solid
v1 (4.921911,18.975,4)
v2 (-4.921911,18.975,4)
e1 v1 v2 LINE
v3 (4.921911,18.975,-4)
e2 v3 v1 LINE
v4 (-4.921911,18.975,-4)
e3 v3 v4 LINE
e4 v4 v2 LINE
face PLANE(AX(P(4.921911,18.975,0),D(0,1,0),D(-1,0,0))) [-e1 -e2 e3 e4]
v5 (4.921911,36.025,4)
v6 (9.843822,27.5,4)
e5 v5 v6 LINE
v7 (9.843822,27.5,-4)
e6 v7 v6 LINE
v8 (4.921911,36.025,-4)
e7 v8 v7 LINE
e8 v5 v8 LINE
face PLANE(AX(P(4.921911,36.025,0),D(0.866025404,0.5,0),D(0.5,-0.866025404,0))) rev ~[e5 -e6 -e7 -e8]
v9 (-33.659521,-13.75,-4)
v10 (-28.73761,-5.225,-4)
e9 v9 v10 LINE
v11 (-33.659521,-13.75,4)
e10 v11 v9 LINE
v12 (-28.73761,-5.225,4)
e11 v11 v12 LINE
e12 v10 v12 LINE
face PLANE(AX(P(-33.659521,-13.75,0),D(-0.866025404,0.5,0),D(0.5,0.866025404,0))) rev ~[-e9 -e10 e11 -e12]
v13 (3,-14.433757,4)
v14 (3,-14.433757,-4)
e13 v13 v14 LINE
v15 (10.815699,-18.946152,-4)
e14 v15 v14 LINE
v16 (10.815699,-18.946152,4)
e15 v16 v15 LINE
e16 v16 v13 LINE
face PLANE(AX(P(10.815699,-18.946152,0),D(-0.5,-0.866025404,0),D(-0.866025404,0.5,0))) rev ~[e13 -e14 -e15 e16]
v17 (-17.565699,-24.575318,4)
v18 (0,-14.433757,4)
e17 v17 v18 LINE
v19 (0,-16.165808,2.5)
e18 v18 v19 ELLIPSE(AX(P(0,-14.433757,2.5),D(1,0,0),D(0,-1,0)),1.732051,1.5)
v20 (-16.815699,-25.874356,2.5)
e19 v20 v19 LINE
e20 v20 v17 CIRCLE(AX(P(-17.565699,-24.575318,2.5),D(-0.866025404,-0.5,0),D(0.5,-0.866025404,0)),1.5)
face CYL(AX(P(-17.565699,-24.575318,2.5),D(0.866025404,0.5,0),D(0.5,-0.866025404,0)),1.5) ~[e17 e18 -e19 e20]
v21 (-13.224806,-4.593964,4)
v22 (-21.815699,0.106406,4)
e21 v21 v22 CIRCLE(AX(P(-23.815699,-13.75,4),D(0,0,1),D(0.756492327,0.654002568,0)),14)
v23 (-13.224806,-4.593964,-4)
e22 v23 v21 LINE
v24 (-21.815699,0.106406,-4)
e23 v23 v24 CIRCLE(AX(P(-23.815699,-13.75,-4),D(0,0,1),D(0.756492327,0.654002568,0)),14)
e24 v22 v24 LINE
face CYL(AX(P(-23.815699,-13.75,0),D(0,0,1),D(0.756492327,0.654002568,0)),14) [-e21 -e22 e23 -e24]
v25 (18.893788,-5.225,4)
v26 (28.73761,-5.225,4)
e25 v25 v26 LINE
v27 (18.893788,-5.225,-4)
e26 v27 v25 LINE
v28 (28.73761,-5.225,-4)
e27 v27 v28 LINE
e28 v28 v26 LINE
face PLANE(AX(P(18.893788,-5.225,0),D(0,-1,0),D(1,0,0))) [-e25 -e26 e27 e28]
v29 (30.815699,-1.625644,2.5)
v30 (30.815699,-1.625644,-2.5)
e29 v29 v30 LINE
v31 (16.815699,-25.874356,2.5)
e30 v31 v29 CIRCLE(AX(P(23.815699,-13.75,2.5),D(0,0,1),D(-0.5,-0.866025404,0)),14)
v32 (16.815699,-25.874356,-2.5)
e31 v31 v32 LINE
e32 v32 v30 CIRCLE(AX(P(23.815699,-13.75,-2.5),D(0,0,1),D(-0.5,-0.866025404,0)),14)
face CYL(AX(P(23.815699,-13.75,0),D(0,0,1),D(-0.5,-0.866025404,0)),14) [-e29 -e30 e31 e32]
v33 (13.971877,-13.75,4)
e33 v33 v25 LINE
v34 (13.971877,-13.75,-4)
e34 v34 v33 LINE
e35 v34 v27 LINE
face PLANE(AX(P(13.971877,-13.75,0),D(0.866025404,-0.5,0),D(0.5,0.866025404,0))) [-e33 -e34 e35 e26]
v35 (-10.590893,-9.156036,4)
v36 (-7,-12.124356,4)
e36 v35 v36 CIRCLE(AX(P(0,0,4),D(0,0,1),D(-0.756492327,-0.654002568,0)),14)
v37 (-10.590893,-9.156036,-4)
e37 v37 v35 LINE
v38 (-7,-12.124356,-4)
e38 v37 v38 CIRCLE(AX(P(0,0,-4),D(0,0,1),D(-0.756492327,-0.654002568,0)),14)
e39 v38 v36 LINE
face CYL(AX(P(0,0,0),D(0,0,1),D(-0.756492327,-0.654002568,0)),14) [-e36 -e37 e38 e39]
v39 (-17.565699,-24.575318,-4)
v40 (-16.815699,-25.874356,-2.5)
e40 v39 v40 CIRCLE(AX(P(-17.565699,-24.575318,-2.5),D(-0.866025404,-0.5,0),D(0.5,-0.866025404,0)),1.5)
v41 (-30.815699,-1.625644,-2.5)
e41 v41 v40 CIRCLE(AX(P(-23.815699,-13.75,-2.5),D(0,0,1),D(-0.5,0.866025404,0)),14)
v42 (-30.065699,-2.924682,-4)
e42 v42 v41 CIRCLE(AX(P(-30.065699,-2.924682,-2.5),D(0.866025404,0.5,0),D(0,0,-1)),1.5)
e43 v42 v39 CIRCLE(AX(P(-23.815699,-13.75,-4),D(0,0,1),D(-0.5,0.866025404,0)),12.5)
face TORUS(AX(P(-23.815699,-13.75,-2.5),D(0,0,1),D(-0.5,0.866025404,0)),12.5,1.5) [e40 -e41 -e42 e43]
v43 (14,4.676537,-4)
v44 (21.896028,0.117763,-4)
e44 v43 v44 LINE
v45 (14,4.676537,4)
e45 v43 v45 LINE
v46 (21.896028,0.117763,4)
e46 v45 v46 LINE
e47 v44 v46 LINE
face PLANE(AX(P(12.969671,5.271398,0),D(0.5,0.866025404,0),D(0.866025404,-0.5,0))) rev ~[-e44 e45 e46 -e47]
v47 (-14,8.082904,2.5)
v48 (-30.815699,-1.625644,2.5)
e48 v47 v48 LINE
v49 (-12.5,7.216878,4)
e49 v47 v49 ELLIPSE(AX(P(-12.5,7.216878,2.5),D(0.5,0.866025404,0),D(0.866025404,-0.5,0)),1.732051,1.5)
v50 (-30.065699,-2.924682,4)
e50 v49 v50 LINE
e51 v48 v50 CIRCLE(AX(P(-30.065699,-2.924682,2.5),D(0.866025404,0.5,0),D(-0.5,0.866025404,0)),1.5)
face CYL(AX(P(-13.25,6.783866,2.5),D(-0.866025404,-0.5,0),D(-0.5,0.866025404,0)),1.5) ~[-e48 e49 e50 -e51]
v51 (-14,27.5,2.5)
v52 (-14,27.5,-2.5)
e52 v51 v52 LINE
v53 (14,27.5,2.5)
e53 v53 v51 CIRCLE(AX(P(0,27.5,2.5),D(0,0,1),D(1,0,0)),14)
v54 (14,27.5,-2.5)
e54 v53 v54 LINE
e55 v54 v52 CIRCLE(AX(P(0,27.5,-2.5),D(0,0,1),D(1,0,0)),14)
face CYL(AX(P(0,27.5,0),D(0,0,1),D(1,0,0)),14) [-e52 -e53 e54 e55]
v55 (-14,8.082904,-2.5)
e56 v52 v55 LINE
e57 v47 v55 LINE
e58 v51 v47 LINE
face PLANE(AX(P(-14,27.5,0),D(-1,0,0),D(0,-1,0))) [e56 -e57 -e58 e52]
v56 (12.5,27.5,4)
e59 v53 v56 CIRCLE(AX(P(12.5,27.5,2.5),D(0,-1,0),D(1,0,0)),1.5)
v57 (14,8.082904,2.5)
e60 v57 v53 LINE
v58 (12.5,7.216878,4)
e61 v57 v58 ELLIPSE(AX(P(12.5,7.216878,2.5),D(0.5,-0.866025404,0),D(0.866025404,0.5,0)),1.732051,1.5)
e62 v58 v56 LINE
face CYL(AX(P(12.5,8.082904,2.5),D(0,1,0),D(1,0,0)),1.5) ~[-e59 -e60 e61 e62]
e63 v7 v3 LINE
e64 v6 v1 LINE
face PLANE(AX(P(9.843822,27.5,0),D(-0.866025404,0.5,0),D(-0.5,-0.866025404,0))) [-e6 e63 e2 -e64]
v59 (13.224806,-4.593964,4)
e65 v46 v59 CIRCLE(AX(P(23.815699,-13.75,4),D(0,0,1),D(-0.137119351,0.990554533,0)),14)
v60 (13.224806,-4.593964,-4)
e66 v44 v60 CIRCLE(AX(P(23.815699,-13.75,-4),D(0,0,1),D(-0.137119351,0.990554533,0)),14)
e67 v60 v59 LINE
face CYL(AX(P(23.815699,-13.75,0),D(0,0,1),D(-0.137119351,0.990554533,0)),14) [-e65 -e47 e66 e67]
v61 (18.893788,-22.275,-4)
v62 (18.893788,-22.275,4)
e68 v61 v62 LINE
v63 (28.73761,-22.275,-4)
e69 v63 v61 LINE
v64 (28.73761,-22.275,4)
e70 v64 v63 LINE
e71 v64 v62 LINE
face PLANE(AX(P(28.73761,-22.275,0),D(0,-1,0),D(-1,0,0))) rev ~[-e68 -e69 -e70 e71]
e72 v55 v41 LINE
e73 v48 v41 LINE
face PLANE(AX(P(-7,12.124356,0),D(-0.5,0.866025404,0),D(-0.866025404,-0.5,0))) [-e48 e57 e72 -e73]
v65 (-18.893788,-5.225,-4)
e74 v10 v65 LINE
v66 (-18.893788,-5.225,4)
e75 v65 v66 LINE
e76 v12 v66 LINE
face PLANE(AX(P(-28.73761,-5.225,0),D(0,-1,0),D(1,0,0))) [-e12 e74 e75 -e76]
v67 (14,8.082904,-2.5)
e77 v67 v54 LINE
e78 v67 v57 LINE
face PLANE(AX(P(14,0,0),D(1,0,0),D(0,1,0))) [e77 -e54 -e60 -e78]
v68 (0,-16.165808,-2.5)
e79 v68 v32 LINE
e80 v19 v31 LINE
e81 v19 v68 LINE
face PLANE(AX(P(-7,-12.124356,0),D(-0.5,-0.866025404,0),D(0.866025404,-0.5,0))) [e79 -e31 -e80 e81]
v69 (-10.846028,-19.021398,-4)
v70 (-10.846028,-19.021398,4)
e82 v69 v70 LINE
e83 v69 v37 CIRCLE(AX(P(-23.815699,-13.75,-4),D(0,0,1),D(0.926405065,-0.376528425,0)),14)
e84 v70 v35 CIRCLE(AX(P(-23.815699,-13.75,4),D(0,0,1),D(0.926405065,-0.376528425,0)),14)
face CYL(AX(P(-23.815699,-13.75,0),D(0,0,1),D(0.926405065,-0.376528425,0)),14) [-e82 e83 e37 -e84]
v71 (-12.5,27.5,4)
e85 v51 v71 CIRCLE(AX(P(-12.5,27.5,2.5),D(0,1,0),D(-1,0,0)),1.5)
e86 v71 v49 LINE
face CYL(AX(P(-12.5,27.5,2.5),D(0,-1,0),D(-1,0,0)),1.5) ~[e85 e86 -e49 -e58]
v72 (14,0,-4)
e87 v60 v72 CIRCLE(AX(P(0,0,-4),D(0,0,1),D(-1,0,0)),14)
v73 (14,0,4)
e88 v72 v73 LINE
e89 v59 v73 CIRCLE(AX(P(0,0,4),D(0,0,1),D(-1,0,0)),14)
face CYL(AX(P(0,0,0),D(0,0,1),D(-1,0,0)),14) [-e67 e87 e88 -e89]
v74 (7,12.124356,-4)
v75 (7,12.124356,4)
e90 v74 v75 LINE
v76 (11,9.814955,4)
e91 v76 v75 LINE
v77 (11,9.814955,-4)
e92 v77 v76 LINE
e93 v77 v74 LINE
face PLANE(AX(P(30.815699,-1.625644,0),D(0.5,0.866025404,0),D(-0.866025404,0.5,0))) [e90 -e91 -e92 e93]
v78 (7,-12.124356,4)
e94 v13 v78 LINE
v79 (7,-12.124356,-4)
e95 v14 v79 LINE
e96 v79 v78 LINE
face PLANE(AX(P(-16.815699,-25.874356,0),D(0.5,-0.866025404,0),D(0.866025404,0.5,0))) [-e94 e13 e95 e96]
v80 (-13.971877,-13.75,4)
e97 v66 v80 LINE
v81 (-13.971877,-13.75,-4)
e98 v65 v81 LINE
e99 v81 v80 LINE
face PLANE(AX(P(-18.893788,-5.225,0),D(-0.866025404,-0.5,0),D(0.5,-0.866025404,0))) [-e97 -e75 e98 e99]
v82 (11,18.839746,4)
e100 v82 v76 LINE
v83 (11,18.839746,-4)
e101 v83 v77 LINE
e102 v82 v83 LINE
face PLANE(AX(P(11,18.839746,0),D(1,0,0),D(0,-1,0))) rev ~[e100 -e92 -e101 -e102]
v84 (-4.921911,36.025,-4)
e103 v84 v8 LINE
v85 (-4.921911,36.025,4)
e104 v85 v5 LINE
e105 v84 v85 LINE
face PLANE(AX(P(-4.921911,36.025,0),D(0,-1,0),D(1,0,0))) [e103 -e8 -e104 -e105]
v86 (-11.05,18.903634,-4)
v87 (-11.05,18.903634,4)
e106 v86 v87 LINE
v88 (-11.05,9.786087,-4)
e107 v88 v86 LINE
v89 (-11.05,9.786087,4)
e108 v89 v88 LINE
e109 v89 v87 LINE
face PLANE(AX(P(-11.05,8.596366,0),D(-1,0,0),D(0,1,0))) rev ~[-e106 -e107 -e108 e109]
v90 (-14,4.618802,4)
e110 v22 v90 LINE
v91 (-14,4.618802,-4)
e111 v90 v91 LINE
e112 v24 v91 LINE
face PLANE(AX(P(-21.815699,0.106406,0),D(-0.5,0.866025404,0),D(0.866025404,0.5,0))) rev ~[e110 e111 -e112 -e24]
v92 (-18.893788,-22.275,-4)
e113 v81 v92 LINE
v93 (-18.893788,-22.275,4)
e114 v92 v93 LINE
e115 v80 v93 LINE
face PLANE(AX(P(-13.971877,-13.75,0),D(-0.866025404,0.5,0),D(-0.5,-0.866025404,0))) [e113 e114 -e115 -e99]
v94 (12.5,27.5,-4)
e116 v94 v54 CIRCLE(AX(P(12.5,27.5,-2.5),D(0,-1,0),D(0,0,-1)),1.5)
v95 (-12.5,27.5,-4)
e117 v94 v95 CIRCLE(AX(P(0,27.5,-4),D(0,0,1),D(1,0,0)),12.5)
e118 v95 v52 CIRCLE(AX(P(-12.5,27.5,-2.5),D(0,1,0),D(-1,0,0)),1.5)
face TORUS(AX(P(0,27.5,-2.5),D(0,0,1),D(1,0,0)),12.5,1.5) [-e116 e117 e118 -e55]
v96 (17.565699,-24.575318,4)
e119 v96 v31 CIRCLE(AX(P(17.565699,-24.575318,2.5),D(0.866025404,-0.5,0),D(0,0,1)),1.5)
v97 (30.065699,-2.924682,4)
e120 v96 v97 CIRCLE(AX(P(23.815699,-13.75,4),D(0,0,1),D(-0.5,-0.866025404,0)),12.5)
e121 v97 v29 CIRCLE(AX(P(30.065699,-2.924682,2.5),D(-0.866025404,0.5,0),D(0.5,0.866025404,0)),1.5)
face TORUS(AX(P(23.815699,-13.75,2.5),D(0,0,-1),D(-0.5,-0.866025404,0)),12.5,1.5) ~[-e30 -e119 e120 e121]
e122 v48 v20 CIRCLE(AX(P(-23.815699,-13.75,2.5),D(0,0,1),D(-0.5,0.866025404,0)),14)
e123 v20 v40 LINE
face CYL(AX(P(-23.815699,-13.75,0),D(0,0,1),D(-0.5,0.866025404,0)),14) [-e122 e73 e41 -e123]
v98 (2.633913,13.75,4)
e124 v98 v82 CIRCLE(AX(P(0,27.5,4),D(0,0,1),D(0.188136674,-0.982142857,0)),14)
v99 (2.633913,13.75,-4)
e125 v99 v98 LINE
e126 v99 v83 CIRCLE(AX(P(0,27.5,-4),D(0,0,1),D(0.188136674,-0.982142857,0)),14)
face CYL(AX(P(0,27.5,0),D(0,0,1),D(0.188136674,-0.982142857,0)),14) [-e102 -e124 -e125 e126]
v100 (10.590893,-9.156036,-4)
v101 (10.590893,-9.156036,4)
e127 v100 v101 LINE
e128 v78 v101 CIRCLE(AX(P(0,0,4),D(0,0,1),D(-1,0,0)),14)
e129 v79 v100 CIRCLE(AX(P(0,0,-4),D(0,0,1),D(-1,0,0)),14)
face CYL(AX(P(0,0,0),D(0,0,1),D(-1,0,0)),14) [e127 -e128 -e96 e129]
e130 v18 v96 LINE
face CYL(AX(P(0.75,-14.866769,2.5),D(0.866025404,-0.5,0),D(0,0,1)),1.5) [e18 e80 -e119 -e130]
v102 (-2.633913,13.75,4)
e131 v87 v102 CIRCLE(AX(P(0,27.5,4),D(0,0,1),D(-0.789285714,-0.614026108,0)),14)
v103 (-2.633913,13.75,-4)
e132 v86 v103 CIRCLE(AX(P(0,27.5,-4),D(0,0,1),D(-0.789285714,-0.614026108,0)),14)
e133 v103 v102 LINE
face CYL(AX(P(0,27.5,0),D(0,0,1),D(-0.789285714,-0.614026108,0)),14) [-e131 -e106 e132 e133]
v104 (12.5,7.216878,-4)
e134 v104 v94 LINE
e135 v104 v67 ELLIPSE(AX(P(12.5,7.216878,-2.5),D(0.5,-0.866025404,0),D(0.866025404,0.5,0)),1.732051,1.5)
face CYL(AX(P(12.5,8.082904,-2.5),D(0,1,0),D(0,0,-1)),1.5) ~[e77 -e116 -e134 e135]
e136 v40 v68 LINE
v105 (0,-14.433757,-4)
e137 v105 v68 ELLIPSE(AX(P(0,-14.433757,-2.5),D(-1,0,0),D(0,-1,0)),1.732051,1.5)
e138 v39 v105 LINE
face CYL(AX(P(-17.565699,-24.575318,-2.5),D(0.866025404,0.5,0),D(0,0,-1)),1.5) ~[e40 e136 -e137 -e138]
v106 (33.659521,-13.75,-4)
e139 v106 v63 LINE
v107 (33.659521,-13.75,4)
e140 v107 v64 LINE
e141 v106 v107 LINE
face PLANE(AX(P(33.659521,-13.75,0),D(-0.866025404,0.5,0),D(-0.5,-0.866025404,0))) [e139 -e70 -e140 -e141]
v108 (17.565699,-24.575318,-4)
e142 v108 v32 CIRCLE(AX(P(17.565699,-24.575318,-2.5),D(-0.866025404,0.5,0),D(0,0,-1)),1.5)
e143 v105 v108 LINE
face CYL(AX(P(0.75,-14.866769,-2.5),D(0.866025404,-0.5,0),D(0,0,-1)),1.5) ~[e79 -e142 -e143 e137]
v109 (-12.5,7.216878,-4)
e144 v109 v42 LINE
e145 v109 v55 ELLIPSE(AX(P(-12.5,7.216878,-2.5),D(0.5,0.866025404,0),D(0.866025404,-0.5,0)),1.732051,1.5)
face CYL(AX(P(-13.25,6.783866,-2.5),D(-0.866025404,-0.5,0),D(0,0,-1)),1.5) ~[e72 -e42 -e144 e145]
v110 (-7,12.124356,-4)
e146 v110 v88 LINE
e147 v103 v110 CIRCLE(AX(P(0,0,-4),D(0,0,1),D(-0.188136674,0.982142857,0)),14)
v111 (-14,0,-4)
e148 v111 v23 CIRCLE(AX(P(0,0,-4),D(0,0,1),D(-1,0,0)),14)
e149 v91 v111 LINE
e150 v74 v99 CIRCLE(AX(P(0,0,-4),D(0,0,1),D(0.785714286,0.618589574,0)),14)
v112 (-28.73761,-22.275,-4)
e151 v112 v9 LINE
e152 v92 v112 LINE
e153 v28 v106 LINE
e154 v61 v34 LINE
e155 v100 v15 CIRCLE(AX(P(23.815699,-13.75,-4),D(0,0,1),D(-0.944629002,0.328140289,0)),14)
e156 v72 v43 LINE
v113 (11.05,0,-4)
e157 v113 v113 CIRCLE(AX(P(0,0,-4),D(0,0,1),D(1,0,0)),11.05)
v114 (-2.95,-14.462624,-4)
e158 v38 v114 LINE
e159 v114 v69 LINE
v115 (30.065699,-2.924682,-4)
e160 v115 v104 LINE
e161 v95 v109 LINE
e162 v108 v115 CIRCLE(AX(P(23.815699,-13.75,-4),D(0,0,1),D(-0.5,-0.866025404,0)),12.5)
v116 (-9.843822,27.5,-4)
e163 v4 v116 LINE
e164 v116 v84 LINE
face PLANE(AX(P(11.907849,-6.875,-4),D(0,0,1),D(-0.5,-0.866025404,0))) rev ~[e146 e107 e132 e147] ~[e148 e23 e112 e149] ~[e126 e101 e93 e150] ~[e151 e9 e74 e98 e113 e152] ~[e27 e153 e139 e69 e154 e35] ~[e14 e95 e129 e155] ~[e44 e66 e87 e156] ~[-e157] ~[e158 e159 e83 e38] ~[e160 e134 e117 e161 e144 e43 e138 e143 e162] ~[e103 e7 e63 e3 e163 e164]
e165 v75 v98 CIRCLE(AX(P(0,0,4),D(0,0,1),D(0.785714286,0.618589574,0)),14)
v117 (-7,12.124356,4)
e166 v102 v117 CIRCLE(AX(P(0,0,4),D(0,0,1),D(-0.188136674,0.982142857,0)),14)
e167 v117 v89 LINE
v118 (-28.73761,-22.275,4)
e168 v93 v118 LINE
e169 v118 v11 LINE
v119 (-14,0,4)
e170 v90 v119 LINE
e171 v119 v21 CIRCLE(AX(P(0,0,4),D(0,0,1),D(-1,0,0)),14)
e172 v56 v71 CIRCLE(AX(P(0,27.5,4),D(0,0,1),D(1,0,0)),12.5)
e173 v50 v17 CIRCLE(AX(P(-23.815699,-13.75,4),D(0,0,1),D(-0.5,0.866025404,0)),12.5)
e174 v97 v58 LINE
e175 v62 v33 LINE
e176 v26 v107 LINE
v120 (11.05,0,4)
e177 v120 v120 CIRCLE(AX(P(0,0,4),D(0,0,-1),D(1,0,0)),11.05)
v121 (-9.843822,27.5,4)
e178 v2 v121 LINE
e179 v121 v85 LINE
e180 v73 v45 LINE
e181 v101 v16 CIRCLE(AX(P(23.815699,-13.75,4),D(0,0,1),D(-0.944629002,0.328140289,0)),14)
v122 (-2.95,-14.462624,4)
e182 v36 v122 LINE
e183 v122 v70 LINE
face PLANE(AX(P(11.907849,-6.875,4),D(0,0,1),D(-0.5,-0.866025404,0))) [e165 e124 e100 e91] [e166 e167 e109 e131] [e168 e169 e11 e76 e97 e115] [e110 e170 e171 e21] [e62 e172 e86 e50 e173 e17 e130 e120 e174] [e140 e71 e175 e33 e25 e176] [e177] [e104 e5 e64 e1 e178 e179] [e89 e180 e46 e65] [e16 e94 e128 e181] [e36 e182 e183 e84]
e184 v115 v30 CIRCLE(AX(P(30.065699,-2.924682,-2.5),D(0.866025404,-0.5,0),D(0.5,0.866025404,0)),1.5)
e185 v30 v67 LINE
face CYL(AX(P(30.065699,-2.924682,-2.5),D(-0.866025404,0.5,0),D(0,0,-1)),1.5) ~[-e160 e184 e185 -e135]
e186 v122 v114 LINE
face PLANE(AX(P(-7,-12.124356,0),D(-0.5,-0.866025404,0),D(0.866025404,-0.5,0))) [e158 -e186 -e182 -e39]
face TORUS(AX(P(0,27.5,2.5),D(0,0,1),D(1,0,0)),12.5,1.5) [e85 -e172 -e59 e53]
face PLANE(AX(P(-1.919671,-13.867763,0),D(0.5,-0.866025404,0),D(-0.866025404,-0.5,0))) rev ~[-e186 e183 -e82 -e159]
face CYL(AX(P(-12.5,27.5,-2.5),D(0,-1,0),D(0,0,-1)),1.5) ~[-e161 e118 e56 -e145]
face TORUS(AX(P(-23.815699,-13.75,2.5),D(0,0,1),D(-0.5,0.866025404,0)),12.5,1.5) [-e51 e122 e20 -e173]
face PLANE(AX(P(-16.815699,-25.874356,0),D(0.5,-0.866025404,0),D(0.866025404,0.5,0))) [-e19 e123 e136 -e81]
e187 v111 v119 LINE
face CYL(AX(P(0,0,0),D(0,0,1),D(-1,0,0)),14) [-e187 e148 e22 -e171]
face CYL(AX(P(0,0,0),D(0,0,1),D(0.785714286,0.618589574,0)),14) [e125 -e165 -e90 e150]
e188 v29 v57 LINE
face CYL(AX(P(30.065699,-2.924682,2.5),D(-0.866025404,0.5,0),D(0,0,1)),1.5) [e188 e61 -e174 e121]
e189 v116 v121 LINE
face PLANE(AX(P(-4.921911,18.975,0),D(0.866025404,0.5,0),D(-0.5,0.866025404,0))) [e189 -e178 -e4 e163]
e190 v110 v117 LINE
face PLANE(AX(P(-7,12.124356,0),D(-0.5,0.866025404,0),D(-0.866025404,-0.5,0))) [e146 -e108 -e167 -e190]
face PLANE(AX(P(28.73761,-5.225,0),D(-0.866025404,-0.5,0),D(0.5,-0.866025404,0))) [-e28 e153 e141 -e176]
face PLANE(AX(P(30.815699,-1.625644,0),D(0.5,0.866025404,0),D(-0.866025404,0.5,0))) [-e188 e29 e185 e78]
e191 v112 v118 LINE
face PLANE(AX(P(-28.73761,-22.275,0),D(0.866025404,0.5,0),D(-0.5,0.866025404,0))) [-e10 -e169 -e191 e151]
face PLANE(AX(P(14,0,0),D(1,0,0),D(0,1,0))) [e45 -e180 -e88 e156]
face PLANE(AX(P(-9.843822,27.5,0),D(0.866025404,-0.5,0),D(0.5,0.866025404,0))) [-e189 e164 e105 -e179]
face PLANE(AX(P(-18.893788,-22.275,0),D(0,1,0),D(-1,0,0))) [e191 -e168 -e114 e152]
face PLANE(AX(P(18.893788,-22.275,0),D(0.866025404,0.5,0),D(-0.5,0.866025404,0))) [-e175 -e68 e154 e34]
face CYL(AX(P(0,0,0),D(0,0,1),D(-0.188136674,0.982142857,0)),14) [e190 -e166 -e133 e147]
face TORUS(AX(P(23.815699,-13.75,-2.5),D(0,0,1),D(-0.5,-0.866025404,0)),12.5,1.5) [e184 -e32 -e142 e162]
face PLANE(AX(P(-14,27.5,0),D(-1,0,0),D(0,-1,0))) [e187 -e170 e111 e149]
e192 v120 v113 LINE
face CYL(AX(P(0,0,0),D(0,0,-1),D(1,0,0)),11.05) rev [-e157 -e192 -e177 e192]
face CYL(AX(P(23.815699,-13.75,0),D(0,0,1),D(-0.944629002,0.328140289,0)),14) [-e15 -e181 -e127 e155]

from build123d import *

# Parameters (mm, degrees)
F0_R     = 11.05
F1_DEPTH = 4
F2_COUNT = 3
F3_R     = 1.5


with BuildPart() as f1:
    # F0 (on Top) → F1 (new body, symmetric)
    with BuildSketch(Plane.XY):
        with BuildLine():
            Line((-14, 27.5), (-14, 0))
            ThreePointArc((-14, 0), (0, -14), (14, 0))
            Line((14, 0), (14, 27.5))
            ThreePointArc((14, 27.5), (0, 41.5), (-14, 27.5))
        make_face()
        Circle(F0_R, mode=Mode.SUBTRACT)
        with BuildLine():
            Line((-11.05, 8.5963655111), (-11.05, 18.9036344889))
            ThreePointArc((-11.05, 18.9036344889), (-7.3111120124, 15.5606683126), (-2.6339134382, 13.75))
            ThreePointArc((-2.6339134382, 13.75), (-7.3111120124, 11.9393316874), (-11.05, 8.5963655111))
        make_face(mode=Mode.SUBTRACT)
        Polygon((-9.8438220897, 27.5), (-4.9219110448, 36.025), (4.9219110448, 36.025), (9.8438220897, 27.5), (4.9219110448, 18.975), (-4.9219110448, 18.975), align=None, mode=Mode.SUBTRACT)
        with BuildLine():
            Line((11, 18.8397459622), (11, 8.6602540378))
            ThreePointArc((11, 8.6602540378), (7.2764879853, 11.9604649826), (2.6339134382, 13.75))
            ThreePointArc((2.6339134382, 13.75), (7.2764879853, 15.5395350174), (11, 18.8397459622))
        make_face(mode=Mode.SUBTRACT)
    extrude(amount=F1_DEPTH, both=True)

    # F2: F1 ×3 about axis
    f2_axis = Axis((0, 0, 4), (0, 0, 1))


with BuildPart() as f1_1:
    add(f1.part)
    for i in range(1, F2_COUNT):
        add(f1.part.rotate(f2_axis, i * 360 / F2_COUNT))

    # F3
    f3_edges = [f1_1.edges().sort_by_distance(p)[0] for p in [
        (14, 27.5, 0),
        (0, 41.5, -4),
        (-14, 27.5, 0),
        (0, 41.5, 4),
        (16.815699, -25.874356, 0),
        (35.940054, -20.75, -4),
        (30.815699, -1.625644, 0),
        (35.940054, -20.75, 4),
        (-30.815699, -1.625644, 0),
        (-35.940054, -20.75, -4),
        (-16.815699, -25.874356, 0),
        (-35.940054, -20.75, 4),
    ]]
    fillet(f3_edges, radius=F3_R)


solid = f1_1.part
